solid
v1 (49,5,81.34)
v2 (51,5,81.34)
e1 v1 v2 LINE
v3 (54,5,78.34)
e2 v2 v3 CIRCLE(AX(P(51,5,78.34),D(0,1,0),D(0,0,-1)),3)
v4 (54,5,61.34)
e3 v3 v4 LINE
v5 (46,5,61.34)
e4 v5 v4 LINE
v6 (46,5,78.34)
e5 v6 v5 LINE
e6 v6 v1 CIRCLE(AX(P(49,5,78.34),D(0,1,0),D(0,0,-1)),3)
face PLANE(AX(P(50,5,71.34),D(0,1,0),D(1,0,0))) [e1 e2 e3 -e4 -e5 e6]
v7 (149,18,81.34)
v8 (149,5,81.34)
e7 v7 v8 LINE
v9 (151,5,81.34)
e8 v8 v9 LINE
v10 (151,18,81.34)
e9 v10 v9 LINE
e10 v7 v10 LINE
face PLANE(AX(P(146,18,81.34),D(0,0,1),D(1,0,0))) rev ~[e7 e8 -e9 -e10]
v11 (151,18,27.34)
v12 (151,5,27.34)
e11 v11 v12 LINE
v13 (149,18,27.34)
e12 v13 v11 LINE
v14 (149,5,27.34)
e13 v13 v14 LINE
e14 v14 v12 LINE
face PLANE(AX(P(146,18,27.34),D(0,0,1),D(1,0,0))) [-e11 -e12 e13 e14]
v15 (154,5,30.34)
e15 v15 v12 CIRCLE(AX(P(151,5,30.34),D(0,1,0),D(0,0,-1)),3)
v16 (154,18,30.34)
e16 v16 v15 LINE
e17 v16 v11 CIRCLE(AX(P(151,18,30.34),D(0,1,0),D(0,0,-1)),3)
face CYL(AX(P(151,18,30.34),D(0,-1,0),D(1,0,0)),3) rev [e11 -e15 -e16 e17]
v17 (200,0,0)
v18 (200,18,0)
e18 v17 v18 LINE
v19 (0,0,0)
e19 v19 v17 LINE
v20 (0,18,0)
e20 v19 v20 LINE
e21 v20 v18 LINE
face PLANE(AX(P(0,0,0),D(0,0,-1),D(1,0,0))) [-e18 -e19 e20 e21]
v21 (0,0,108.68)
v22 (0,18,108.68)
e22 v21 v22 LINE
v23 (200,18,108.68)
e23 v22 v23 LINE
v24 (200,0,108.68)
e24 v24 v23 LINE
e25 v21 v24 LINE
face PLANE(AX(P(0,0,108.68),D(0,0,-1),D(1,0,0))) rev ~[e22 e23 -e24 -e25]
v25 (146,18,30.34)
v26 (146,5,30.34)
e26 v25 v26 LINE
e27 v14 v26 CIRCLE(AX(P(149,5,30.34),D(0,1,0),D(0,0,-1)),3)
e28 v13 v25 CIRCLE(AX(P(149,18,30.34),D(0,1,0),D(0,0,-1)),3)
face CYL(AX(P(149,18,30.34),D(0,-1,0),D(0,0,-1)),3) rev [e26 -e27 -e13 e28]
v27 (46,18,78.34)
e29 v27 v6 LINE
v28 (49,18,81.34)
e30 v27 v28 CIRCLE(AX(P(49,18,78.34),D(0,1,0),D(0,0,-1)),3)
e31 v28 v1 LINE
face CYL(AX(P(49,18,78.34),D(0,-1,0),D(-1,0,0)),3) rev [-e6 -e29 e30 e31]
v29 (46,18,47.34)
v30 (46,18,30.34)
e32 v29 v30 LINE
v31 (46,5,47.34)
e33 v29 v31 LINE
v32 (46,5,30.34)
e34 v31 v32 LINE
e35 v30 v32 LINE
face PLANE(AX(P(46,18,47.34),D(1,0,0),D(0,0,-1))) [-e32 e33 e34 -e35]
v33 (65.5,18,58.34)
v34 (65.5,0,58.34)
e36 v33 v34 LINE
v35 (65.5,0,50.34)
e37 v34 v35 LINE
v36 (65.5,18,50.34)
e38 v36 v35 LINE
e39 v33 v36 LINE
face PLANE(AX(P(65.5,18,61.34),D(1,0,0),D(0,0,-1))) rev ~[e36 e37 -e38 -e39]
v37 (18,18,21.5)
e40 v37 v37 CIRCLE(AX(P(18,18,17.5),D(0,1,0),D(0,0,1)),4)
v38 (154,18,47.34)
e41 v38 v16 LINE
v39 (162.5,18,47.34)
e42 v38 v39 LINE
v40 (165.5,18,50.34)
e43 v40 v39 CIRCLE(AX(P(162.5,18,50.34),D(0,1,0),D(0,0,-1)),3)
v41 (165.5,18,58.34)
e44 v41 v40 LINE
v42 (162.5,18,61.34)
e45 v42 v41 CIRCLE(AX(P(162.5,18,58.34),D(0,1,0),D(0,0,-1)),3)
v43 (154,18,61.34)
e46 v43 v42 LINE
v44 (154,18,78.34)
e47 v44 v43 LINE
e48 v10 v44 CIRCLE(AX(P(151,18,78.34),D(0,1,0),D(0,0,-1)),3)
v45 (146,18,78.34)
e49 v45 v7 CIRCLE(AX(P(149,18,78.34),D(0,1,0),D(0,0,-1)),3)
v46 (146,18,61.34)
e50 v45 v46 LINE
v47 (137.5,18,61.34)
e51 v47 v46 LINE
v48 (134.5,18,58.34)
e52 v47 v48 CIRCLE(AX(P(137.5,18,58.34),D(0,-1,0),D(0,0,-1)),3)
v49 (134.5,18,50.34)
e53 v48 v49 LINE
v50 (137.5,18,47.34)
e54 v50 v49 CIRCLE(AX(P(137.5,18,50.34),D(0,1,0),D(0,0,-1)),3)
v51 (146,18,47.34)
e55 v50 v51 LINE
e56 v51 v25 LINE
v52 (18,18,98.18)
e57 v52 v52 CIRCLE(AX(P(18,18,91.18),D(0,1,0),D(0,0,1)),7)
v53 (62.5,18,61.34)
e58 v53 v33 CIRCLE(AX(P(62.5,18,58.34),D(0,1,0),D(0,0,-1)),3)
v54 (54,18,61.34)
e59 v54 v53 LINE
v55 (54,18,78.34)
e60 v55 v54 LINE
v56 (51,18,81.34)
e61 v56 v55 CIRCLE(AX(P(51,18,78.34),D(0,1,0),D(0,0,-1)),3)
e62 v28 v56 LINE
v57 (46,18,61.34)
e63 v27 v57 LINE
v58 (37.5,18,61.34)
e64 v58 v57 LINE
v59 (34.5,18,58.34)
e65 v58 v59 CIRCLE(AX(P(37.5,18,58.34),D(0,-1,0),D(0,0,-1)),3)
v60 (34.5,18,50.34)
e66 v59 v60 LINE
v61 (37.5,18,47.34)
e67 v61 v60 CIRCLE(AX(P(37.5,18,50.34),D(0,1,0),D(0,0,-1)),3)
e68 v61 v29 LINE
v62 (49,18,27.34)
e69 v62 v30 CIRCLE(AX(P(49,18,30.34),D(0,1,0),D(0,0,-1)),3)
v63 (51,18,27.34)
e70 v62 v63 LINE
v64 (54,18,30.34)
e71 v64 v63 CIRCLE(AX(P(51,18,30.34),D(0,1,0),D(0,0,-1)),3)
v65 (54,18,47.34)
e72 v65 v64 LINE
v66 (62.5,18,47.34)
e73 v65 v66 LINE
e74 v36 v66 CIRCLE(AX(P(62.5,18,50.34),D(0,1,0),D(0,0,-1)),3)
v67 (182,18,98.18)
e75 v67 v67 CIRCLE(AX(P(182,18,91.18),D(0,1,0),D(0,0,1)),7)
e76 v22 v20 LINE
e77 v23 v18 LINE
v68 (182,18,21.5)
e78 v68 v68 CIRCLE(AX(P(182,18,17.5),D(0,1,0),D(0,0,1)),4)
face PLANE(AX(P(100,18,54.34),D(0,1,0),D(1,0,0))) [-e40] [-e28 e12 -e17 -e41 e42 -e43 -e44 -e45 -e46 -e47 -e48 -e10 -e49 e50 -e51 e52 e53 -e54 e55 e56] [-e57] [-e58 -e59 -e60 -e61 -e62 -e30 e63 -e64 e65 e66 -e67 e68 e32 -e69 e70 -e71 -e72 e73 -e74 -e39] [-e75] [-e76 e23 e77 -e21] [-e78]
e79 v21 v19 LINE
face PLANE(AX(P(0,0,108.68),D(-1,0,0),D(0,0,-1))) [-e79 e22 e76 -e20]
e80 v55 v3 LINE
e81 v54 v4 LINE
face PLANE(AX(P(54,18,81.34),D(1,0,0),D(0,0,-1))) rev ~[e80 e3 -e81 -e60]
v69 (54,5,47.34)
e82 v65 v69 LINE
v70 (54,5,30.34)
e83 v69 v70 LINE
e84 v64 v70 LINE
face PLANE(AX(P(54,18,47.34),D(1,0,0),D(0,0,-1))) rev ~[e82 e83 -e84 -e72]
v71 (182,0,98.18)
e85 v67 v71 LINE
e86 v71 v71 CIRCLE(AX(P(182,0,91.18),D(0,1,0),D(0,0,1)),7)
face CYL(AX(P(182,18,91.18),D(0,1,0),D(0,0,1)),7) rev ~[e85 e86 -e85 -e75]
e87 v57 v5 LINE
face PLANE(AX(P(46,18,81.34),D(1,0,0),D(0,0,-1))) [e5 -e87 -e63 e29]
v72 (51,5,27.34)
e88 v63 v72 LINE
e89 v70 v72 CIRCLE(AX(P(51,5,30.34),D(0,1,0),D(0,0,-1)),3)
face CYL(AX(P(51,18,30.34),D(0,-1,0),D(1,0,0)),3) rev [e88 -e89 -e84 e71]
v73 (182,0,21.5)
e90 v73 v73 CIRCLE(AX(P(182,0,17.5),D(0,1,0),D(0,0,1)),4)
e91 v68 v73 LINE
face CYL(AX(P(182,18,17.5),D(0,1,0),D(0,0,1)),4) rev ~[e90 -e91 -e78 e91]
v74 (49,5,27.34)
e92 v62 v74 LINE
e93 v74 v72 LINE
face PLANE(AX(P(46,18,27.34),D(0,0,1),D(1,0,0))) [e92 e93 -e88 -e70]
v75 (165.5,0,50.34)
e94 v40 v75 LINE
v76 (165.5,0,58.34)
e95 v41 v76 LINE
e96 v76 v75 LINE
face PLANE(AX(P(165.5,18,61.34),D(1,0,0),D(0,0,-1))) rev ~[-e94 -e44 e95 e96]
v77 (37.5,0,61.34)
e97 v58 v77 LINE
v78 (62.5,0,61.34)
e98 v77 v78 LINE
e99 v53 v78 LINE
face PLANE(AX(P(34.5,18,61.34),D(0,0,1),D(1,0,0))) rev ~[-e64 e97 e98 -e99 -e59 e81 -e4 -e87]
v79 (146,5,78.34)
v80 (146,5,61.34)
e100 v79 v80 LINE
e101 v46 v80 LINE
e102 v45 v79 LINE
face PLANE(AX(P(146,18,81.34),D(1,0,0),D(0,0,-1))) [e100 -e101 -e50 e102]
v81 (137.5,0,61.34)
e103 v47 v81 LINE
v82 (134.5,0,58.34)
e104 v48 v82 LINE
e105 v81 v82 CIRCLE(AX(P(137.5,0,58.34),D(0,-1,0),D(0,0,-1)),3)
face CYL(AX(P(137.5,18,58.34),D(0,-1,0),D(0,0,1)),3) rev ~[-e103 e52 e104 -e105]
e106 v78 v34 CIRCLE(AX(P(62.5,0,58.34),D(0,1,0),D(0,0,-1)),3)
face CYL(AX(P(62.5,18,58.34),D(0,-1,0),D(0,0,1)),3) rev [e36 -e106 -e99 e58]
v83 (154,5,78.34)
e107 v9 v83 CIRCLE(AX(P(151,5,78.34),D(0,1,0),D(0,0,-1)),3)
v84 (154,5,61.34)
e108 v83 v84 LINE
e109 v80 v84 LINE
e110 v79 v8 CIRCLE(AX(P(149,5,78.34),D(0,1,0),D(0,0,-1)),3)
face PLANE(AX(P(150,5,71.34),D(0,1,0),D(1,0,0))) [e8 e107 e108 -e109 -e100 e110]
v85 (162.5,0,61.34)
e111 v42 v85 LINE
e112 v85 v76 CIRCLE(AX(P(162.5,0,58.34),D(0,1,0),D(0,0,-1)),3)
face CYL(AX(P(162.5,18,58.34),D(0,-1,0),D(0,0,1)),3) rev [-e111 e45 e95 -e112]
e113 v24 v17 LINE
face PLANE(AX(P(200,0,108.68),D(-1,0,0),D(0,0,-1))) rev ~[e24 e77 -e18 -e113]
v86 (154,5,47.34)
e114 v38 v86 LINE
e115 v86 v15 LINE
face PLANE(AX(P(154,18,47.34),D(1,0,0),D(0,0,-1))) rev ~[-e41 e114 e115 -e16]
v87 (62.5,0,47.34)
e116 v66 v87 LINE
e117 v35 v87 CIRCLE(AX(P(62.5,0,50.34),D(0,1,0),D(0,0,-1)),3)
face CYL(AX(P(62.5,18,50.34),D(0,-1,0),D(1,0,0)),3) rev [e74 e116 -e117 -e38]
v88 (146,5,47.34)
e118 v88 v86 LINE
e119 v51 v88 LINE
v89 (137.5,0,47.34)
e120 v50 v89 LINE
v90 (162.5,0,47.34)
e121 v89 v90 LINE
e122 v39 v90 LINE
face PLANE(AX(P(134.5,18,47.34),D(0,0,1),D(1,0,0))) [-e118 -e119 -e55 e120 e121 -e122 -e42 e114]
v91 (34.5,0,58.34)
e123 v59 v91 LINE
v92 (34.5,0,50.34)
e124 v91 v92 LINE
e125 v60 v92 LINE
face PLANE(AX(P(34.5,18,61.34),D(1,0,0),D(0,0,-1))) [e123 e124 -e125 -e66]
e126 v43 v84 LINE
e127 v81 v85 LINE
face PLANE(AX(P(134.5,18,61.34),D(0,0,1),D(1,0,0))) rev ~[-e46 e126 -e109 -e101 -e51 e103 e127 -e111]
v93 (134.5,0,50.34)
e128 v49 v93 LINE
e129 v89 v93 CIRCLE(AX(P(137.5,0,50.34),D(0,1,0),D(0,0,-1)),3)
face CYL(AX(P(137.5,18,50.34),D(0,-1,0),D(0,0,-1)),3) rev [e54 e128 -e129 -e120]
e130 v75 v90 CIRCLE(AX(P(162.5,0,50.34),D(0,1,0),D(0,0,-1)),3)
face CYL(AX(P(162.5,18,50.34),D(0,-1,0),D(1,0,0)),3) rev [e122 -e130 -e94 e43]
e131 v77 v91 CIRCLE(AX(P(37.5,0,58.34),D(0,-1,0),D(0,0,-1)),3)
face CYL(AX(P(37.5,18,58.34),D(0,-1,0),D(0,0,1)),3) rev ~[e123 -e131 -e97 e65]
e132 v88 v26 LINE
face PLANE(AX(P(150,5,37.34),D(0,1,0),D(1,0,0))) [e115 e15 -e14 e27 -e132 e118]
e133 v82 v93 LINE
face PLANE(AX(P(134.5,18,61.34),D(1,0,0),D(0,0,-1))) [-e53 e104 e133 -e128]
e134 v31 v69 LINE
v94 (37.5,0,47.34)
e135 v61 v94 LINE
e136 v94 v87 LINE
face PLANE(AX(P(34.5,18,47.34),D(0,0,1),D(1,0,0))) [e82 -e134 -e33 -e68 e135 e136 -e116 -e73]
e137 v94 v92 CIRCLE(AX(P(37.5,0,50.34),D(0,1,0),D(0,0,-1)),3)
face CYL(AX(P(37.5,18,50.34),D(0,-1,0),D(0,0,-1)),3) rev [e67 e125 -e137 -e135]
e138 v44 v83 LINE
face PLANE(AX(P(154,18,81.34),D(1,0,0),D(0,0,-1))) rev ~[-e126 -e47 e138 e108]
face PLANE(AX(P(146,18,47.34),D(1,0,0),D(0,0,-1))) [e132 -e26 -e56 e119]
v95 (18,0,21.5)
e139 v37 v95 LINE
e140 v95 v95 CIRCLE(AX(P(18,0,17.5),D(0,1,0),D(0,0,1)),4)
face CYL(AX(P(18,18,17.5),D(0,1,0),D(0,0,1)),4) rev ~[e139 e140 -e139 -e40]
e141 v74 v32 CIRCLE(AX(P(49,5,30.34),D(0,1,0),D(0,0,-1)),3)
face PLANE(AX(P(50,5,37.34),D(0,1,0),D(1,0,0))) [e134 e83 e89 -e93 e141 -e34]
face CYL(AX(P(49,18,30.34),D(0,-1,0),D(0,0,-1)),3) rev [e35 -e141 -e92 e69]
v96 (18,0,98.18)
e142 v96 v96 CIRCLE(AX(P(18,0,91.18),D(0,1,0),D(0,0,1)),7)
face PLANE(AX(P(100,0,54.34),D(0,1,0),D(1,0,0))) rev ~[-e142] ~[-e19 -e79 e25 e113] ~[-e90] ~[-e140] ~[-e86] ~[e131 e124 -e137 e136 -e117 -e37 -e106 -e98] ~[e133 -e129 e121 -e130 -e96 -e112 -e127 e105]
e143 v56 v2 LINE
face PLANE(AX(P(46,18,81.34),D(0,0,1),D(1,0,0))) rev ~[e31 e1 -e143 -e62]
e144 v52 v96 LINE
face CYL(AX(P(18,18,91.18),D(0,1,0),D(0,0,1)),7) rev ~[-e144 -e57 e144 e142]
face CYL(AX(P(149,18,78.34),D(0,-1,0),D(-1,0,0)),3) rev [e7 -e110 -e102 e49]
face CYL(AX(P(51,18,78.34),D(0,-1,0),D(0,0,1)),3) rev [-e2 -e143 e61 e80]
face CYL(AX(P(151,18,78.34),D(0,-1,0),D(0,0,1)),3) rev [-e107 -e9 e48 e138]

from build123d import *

# Parameters (mm, degrees)
SKETCH1_W           = 200
SKETCH1_H           = 108.68
BOSS_EXTRUDE1_DEPTH = 18
SKETCH2_R           = 4
SKETCH2_R_2         = 7
SKETCH2_W           = 31
SKETCH2_H           = 14
CUT_EXTRUDE1_DEPTH  = 30
SKETCH3_W           = 8
SKETCH3_H           = 20
CUT_EXTRUDE2_DEPTH  = 13
FILLET1_R           = 3


with BuildPart() as part:
    # Sketch1 → Boss-Extrude1 (new body)
    with BuildSketch(Plane(origin=(0, 0, 0), x_dir=(1, 0, 0), z_dir=(0, 1, 0))):
        with Locations((100, -54.34)):
            Rectangle(SKETCH1_W, SKETCH1_H)
    extrude(amount=BOSS_EXTRUDE1_DEPTH)

    # Sketch2 → Cut-Extrude1 (cut)
    with BuildSketch(Plane(origin=(0, 18, 0), x_dir=(1, 0, 0), z_dir=(0, 1, 0))):
        with Locations(Location((18, -17.5, 0), (0, 0, 270))):
            Circle(SKETCH2_R)
        with Locations(Location((182, -17.5, 0), (0, 0, 270))):
            Circle(SKETCH2_R)
        with Locations(Location((18, -91.18, 0), (0, 0, 270))):
            Circle(SKETCH2_R_2)
        with Locations(Location((182, -91.18, 0), (0, 0, 270))):
            Circle(SKETCH2_R_2)
        with Locations((150, -54.34)):
            Rectangle(SKETCH2_W, SKETCH2_H)
        with Locations((50, -54.34)):
            Rectangle(SKETCH2_W, SKETCH2_H)
    extrude(amount=-CUT_EXTRUDE1_DEPTH, mode=Mode.SUBTRACT)

    # Sketch3 → Cut-Extrude2 (cut)
    with BuildSketch(Plane(origin=(0, 18, 0), x_dir=(1, 0, 0), z_dir=(0, 1, 0))):
        with Locations((50, -37.34)):
            Rectangle(SKETCH3_W, SKETCH3_H)
        with Locations((50, -71.34)):
            Rectangle(SKETCH3_W, SKETCH3_H)
        with Locations((150, -71.34)):
            Rectangle(SKETCH3_W, SKETCH3_H)
        with Locations((150, -37.34)):
            Rectangle(SKETCH3_W, SKETCH3_H)
    extrude(amount=-CUT_EXTRUDE2_DEPTH, mode=Mode.SUBTRACT)

    # Fillet1
    fillet1_edges = [part.edges().sort_by_distance(p)[0] for p in [
        (146, 11.5, 27.34),
        (154, 11.5, 27.34),
        (34.5, 9, 61.34),
        (34.5, 9, 47.34),
        (65.5, 9, 47.34),
        (65.5, 9, 61.34),
        (134.5, 9, 47.34),
        (165.5, 9, 47.34),
        (165.5, 9, 61.34),
        (134.5, 9, 61.34),
        (46, 11.5, 27.34),
        (54, 11.5, 27.34),
        (46, 11.5, 81.34),
        (54, 11.5, 81.34),
        (154, 11.5, 81.34),
        (146, 11.5, 81.34),
    ]]
    fillet(fillet1_edges, radius=FILLET1_R)


solid = part.part
